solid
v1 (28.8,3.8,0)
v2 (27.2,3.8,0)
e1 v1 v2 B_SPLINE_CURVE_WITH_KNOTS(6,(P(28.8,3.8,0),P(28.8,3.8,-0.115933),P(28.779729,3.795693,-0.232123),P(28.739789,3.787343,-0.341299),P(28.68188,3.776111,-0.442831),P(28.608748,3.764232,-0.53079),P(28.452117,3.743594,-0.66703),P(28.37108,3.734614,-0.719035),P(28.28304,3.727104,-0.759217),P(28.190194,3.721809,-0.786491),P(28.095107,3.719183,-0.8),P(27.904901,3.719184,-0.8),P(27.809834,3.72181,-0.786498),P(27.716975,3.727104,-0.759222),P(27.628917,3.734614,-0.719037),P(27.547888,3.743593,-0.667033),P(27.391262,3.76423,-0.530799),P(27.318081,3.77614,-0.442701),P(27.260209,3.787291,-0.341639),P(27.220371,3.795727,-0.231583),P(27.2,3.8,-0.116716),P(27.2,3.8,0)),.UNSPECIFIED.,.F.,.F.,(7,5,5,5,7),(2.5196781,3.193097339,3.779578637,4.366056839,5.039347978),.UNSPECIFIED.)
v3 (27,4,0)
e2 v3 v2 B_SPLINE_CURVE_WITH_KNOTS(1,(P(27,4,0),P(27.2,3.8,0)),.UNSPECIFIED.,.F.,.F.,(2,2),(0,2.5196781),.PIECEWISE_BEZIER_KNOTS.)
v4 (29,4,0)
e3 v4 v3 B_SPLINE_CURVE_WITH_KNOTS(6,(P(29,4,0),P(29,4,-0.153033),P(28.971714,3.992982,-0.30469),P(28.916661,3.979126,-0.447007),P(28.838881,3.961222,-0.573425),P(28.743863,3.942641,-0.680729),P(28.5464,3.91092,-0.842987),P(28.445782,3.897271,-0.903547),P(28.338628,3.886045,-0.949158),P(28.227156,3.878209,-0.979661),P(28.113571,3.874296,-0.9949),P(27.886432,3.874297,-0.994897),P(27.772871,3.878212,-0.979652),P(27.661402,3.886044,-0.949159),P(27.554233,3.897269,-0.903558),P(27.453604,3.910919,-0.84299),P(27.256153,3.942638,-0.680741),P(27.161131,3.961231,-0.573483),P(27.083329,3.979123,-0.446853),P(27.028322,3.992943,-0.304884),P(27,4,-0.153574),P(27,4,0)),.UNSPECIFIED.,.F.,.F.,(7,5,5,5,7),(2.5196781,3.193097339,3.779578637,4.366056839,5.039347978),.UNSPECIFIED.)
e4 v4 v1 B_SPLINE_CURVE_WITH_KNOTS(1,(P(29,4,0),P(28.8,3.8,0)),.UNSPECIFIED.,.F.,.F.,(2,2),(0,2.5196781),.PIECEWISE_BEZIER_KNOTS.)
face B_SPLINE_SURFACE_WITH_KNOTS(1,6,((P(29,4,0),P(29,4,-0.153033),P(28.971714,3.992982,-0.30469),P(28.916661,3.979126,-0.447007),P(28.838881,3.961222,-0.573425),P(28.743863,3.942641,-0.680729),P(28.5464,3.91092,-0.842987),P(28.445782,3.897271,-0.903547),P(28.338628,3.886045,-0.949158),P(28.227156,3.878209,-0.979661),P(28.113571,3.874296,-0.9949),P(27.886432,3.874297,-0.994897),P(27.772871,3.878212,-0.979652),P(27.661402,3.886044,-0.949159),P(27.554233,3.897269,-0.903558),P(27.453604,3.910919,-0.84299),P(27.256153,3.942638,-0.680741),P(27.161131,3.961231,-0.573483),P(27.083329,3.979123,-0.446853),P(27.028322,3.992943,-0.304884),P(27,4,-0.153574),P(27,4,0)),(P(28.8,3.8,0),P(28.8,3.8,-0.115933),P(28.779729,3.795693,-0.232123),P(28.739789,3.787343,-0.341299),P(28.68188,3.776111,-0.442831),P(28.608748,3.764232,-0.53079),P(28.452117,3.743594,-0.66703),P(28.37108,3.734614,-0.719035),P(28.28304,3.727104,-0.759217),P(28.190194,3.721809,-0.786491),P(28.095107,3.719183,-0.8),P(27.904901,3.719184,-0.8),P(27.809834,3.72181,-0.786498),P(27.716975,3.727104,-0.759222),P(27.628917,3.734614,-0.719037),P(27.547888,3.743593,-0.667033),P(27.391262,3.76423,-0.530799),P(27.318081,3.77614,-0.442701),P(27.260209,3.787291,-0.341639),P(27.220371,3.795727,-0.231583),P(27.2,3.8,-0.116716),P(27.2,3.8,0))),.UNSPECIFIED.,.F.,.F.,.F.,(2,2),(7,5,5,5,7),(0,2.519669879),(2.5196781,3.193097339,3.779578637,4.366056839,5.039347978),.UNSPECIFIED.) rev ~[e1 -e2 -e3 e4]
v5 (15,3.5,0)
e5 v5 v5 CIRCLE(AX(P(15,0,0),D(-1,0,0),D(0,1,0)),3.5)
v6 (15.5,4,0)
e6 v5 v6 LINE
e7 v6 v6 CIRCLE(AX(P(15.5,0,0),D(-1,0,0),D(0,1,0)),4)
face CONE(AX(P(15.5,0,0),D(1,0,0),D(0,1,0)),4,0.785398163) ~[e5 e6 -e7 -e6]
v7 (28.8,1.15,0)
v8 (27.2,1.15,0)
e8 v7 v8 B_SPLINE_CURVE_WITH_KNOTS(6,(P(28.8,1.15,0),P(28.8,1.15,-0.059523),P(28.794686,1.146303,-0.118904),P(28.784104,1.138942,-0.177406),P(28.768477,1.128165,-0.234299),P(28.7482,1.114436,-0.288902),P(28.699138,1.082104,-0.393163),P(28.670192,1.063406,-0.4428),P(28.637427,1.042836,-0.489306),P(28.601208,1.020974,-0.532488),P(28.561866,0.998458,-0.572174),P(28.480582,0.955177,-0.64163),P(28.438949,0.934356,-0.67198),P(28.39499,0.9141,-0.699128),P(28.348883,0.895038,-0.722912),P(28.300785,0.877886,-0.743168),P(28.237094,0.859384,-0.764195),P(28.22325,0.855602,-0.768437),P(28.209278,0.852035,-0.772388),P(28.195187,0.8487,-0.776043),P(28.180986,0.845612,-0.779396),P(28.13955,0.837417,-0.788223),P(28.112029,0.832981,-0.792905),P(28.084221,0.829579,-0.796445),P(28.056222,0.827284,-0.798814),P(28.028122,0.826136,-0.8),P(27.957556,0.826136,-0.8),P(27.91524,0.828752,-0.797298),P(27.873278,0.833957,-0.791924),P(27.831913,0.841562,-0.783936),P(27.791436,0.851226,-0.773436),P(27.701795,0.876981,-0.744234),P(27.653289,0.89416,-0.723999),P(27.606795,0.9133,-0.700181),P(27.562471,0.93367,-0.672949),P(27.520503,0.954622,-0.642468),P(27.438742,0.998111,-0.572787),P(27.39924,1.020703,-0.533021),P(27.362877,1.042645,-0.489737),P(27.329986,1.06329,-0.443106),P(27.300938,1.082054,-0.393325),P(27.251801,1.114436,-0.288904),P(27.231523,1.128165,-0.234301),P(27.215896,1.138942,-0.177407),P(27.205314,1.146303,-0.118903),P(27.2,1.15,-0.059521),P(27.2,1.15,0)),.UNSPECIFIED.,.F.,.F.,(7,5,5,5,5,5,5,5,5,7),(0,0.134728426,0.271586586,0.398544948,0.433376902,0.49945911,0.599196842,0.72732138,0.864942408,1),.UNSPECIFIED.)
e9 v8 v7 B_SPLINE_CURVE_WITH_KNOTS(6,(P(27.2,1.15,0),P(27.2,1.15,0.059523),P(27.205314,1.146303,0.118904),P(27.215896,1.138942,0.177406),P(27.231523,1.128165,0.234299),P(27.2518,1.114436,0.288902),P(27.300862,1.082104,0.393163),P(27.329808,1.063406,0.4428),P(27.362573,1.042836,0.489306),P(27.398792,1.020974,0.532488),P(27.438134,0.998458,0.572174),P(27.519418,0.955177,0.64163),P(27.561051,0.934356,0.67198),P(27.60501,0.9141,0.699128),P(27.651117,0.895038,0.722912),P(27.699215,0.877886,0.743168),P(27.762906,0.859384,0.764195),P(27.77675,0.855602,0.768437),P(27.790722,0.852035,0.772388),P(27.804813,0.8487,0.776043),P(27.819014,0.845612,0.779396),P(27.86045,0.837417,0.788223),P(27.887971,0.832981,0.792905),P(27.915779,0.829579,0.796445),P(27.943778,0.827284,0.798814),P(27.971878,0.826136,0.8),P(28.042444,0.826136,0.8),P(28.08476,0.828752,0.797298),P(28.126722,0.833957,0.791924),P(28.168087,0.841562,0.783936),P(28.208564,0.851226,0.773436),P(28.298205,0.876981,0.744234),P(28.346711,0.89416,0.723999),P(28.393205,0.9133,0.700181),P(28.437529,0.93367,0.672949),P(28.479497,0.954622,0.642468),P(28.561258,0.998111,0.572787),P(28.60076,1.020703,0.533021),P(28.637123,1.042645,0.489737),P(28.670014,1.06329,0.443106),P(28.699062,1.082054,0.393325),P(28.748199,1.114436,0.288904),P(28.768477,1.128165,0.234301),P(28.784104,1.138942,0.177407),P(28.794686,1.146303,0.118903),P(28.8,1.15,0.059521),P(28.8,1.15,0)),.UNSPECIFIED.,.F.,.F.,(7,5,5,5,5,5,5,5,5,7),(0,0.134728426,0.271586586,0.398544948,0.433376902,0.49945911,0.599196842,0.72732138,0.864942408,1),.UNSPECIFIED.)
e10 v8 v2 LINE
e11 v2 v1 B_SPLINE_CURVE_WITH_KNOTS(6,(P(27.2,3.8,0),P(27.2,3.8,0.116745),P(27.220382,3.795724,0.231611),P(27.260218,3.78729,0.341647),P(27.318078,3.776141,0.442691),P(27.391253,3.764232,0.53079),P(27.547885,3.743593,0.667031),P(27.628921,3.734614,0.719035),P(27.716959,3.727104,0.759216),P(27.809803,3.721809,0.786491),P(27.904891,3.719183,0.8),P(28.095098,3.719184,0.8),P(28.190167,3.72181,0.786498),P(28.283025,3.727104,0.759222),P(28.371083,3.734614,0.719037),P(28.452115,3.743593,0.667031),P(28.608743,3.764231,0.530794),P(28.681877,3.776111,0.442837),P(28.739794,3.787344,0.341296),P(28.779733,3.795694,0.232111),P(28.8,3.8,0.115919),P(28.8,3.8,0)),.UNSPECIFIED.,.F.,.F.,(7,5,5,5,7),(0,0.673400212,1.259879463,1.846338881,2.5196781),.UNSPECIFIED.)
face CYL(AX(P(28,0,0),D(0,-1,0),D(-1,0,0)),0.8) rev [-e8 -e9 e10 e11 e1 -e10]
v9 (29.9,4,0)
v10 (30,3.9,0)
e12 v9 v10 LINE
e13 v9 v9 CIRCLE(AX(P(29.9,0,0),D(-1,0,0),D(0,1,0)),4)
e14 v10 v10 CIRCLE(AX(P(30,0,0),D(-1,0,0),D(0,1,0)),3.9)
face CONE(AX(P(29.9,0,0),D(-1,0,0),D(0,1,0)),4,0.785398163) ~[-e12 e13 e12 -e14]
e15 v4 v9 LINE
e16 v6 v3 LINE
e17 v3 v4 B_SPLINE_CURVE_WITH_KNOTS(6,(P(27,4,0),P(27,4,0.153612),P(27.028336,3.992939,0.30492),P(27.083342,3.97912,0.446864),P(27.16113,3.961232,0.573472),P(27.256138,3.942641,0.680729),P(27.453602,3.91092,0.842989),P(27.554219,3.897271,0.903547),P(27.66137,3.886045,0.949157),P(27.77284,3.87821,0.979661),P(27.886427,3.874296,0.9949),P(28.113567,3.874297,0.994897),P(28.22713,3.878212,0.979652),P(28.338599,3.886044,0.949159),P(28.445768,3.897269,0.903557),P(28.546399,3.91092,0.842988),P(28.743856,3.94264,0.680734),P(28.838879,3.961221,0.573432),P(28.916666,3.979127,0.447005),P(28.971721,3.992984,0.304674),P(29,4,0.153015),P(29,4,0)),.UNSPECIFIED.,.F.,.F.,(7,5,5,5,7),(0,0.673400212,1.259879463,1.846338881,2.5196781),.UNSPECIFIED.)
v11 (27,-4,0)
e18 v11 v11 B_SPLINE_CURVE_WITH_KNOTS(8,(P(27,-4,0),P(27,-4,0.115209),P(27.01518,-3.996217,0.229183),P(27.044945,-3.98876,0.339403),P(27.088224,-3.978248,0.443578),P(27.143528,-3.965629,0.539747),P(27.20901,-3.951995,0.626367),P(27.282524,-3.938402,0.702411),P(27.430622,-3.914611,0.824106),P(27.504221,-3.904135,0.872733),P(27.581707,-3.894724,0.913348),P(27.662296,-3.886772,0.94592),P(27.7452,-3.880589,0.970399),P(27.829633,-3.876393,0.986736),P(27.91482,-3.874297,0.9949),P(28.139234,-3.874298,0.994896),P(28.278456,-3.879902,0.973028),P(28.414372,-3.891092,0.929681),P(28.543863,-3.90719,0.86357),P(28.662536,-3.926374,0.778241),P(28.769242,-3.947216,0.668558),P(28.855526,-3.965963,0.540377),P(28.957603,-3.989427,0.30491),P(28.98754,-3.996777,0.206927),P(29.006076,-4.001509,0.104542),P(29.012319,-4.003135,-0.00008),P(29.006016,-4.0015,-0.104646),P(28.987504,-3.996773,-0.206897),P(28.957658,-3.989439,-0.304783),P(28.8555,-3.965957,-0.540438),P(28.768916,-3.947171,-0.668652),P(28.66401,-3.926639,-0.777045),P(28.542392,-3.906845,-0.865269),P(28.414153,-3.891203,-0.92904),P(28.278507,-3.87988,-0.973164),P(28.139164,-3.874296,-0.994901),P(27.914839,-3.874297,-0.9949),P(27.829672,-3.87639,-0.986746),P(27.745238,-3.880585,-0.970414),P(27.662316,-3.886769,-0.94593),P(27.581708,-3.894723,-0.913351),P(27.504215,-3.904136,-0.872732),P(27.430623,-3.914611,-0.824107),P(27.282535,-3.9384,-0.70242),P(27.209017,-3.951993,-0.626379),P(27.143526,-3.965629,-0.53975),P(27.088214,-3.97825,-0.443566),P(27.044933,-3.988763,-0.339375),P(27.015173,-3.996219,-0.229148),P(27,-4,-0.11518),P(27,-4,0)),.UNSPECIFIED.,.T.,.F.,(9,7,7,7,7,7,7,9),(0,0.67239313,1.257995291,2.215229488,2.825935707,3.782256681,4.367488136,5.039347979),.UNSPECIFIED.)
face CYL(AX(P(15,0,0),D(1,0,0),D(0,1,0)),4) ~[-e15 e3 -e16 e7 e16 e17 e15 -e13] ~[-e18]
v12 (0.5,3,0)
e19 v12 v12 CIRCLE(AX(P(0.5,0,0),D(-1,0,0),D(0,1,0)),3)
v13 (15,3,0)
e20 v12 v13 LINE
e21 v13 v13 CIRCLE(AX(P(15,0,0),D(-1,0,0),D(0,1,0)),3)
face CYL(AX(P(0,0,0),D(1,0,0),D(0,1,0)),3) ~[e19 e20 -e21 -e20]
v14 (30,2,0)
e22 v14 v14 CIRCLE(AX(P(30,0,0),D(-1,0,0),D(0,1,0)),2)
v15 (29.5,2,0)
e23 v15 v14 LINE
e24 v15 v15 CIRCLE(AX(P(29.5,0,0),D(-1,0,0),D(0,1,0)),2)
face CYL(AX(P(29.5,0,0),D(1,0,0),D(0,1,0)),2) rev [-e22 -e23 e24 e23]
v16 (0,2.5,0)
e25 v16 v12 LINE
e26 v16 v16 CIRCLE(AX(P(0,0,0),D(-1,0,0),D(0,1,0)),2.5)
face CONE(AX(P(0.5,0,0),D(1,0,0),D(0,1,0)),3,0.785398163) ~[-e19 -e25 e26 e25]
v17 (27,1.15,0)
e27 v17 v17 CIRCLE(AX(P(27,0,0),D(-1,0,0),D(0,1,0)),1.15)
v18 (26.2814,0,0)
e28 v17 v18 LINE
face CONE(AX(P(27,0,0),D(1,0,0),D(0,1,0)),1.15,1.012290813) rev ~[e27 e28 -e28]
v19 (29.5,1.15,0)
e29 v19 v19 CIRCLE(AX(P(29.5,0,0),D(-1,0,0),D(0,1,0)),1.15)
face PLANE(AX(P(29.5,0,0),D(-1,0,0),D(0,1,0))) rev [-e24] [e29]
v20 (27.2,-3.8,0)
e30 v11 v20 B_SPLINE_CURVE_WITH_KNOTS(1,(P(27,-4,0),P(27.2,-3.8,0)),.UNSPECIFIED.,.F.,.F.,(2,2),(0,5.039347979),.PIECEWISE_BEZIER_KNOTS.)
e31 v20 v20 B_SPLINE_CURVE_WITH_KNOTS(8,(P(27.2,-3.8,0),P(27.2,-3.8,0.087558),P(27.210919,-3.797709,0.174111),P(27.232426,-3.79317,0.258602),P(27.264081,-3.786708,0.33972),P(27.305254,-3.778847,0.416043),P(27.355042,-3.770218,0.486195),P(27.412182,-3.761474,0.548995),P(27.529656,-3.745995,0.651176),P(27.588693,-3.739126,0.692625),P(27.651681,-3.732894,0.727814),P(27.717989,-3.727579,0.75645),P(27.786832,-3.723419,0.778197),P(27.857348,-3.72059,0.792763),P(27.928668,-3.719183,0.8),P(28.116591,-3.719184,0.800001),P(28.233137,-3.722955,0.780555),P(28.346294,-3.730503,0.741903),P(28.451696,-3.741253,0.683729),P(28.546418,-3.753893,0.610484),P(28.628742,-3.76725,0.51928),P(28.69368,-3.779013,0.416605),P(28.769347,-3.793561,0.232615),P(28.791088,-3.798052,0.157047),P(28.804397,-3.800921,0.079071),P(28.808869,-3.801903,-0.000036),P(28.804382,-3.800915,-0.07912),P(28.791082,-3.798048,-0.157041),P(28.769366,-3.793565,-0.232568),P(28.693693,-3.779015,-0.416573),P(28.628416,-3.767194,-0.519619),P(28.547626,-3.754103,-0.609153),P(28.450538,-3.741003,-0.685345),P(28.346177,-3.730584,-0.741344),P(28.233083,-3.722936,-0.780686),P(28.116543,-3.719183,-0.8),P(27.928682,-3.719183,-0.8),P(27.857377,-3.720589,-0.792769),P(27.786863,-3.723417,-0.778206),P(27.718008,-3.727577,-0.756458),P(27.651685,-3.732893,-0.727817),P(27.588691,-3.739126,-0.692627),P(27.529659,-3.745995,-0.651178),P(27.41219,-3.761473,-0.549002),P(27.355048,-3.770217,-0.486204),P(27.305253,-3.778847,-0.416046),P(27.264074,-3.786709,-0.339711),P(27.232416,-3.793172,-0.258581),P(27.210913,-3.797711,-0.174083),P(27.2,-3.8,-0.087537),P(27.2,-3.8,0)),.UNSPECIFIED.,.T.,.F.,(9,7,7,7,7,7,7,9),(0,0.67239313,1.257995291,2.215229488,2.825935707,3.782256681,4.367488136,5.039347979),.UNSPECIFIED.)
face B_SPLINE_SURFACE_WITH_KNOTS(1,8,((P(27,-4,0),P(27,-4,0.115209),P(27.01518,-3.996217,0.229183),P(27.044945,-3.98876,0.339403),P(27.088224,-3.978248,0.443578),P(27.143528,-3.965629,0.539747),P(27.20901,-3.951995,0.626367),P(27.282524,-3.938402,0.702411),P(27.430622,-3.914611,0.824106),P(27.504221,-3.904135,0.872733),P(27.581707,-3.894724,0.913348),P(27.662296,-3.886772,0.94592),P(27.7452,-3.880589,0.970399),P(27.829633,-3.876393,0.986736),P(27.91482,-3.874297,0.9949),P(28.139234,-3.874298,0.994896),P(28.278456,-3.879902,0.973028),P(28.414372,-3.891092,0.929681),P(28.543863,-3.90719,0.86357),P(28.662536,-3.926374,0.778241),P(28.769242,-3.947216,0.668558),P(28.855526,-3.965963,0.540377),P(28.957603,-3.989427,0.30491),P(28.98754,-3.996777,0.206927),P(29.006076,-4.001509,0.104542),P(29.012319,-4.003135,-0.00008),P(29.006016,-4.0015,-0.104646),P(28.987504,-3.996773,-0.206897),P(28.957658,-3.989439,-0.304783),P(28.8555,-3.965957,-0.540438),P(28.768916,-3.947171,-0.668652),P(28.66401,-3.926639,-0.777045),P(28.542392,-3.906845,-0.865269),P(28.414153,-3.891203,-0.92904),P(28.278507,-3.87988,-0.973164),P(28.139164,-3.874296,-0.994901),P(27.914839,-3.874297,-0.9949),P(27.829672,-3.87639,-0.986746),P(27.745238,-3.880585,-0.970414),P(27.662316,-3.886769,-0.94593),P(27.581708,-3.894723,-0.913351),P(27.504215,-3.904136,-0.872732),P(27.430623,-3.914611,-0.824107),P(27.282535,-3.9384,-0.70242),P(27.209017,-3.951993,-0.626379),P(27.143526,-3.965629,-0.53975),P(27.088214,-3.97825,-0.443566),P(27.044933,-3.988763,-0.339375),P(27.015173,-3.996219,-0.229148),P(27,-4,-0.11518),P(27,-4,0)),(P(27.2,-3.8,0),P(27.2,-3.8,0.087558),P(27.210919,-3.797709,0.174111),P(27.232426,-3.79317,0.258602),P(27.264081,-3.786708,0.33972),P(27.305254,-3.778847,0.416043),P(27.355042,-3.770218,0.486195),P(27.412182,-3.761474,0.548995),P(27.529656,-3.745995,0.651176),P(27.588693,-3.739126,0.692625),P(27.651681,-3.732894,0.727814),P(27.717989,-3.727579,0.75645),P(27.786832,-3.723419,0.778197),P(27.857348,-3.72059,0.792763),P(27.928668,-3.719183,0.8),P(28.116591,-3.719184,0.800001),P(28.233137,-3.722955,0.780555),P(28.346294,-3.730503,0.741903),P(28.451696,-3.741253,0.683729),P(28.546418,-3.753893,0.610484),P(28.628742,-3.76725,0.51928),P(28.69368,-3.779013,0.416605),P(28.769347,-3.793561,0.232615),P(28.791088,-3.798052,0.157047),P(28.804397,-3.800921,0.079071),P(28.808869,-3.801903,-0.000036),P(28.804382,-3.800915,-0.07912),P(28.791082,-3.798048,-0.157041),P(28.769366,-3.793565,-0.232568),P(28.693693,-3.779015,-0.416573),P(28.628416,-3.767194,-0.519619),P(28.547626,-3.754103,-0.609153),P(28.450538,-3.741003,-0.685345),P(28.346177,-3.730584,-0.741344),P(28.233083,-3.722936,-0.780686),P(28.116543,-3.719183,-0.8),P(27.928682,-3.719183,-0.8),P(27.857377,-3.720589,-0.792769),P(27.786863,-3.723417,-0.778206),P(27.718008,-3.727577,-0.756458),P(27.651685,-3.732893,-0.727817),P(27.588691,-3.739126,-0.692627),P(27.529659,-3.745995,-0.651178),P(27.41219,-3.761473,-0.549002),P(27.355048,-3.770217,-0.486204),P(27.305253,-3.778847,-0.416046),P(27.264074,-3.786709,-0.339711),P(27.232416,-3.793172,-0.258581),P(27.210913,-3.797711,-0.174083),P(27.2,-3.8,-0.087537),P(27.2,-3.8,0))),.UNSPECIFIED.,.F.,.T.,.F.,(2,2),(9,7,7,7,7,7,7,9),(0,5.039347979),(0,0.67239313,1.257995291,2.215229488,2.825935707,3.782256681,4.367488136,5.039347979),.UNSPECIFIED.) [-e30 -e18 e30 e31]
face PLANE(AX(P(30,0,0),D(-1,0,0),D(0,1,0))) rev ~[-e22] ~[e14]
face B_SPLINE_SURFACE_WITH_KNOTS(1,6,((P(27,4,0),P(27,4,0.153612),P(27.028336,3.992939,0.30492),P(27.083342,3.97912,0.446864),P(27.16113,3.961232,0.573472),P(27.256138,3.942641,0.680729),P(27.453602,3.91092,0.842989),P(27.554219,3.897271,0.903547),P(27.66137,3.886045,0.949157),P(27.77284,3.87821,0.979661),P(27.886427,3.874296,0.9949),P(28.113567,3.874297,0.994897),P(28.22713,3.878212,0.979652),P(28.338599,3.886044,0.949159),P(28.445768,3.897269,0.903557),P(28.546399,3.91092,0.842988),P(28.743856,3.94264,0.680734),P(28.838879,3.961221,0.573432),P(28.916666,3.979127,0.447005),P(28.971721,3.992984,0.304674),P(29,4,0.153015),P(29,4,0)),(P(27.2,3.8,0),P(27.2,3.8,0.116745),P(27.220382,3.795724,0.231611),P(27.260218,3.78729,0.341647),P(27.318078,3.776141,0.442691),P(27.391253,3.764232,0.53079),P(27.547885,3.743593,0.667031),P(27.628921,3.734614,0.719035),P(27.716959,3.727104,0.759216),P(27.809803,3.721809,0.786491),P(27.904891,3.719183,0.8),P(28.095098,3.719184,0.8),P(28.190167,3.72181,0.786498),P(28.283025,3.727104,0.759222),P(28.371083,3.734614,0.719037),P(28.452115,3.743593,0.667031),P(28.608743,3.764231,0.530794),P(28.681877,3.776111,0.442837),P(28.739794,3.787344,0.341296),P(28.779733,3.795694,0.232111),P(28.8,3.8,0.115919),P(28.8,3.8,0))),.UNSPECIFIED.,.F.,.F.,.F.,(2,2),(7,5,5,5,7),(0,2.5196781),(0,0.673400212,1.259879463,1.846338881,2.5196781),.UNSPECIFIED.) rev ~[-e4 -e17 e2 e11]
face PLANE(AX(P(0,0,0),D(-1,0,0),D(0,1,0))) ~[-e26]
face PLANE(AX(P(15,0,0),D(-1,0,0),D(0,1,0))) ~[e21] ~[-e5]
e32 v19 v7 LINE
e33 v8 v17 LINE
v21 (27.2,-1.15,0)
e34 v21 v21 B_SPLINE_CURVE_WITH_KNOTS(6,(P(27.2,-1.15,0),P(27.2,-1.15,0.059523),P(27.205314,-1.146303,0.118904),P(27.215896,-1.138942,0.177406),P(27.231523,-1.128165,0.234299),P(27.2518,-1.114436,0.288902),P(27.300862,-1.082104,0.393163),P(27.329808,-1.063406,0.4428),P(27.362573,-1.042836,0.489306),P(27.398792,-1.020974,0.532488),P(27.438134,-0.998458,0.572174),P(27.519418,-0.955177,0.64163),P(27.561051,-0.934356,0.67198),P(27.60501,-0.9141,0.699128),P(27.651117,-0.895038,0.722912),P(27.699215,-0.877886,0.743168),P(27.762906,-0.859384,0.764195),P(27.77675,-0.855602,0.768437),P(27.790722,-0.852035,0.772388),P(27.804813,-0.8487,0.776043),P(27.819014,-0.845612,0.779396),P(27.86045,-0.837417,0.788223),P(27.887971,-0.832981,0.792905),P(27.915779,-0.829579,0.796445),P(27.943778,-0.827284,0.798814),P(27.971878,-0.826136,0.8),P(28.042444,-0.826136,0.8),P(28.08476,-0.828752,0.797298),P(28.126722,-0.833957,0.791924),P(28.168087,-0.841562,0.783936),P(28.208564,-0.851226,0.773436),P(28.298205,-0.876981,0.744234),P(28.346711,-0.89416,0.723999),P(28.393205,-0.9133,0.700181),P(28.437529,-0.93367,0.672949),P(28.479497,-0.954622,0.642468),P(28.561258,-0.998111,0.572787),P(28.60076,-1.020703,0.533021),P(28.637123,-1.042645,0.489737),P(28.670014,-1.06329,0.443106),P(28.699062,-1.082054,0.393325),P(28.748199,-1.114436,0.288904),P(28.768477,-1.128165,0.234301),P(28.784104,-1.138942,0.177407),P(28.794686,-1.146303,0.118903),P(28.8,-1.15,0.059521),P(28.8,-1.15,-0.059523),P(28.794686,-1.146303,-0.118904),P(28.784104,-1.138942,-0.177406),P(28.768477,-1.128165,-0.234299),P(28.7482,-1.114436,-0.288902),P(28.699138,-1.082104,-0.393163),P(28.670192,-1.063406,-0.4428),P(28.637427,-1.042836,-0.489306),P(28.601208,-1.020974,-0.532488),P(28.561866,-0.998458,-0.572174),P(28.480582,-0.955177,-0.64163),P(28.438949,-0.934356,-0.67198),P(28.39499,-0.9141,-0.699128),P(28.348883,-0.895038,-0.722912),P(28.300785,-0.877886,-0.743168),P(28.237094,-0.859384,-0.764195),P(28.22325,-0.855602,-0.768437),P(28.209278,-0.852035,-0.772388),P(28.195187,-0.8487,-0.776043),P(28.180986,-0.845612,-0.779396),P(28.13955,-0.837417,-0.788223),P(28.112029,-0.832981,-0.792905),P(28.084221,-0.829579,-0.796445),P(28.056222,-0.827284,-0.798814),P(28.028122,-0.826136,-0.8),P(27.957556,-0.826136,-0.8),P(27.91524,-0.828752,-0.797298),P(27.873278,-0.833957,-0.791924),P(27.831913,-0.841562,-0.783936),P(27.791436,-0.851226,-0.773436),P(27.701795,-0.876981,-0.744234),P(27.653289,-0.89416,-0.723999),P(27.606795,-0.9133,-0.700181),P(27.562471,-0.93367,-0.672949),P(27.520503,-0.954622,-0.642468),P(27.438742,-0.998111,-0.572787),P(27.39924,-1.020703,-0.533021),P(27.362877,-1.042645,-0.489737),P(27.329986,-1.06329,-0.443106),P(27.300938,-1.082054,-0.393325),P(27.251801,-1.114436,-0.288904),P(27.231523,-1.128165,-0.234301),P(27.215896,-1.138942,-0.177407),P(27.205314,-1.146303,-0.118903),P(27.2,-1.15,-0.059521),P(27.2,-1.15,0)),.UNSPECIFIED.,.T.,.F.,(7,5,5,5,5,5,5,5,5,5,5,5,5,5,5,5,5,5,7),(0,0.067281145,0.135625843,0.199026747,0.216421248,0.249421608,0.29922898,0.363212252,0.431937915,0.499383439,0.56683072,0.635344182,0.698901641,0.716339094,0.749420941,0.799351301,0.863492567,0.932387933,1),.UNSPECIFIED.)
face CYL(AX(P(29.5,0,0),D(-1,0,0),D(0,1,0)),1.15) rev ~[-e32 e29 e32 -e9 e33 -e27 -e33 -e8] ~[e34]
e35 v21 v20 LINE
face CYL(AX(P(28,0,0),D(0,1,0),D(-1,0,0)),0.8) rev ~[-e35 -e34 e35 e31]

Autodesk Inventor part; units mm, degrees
ref_plane "YZ Plane" through (0, 0, 0) normal (1, 0, 0) x (0, 1, 0)
ref_plane "XZ Plane" through (0, 0, 0) normal (0, 1, 0) x (-1, 0, 0)
ref_plane "XY Plane" through (0, 0, 0) normal (0, 0, 1) x (1, 0, 0)
sketch "Sketch1" plane through (0, 0, 0) normal (0, 0, 1) x (1, 0, 0)
  line L0 (0, 0) -> (0, 3)
  line L1 (0, 3) -> (15, 3)
  line L2 (15, 3) -> (15, 4)
  line L3 (15, 4) -> (30, 4)
  line L4 (30, 4) -> (30, 0)
  line L5 (30, 0) -> (0, 0)
  line L6 (29.5, 0) -> (29.5, 2)
  line L7 (29.5, 2) -> (30, 2)
  line L8 (29.5, 1.15) -> (27, 1.15)
  line L9 (27, 1.15) -> (26.2814, 0)
  line L10 (26.2814, 0) -> (29.5, 0)
  point P0 (0, 1.5)
  point P1 (30, 2)
  dimension "d0" = 3
  dimension "d1" = 4
  dimension "d2" = 15
  dimension "d3" = 30
  dimension "d4" = 2
  dimension "d5" = 0.5
  dimension "d27" = 1.15
  dimension "d28" = 58
  dimension "d29" = 2.5
revolve "Revolution1" add sketch "Sketch1" angle 360 about axis through (30, 0, 0) along (-1, 0, 0) contours L0 L1 L2 L3 L4 L7 L6 L8 L9 L5
chamfer "Chamfer1" distance 0.5 angle 45 2 edges at (0, -3, 0) (15, -4, 0)
chamfer "Chamfer2" distance 0.1 angle 45 1 edges at (30, -4, 0)
sketch "Sketch2" plane through (0, 0, 0) normal (0, 1, 0) x (-1, 0, 0)
  circle A0 centre (-28, 0) radius 0.8
  line L0 (-30, -2) -> (-30, 2) projected
  point P0 (0, 0)
  dimension "d13" = 1.6
  dimension "d14" = 2
extrude "Extrusion1" cut sketch "Sketch2" along normal mid plane 10
chamfer "Chamfer4" distance 0.2 angle 45 3 edges at (28, 3.9192, 0.8) (28.0001, 3.9192, -0.8) (28.8, -4, -0.0013)
thread "Thread2" size "M1.6x0.35" class "6H" standard "ANSI Metric M Profile" length 5
thread "Thread3" size "M1.6x0.35" class "6H" standard "ANSI Metric M Profile" length 3
properties part number "Sp mu SM holder"
